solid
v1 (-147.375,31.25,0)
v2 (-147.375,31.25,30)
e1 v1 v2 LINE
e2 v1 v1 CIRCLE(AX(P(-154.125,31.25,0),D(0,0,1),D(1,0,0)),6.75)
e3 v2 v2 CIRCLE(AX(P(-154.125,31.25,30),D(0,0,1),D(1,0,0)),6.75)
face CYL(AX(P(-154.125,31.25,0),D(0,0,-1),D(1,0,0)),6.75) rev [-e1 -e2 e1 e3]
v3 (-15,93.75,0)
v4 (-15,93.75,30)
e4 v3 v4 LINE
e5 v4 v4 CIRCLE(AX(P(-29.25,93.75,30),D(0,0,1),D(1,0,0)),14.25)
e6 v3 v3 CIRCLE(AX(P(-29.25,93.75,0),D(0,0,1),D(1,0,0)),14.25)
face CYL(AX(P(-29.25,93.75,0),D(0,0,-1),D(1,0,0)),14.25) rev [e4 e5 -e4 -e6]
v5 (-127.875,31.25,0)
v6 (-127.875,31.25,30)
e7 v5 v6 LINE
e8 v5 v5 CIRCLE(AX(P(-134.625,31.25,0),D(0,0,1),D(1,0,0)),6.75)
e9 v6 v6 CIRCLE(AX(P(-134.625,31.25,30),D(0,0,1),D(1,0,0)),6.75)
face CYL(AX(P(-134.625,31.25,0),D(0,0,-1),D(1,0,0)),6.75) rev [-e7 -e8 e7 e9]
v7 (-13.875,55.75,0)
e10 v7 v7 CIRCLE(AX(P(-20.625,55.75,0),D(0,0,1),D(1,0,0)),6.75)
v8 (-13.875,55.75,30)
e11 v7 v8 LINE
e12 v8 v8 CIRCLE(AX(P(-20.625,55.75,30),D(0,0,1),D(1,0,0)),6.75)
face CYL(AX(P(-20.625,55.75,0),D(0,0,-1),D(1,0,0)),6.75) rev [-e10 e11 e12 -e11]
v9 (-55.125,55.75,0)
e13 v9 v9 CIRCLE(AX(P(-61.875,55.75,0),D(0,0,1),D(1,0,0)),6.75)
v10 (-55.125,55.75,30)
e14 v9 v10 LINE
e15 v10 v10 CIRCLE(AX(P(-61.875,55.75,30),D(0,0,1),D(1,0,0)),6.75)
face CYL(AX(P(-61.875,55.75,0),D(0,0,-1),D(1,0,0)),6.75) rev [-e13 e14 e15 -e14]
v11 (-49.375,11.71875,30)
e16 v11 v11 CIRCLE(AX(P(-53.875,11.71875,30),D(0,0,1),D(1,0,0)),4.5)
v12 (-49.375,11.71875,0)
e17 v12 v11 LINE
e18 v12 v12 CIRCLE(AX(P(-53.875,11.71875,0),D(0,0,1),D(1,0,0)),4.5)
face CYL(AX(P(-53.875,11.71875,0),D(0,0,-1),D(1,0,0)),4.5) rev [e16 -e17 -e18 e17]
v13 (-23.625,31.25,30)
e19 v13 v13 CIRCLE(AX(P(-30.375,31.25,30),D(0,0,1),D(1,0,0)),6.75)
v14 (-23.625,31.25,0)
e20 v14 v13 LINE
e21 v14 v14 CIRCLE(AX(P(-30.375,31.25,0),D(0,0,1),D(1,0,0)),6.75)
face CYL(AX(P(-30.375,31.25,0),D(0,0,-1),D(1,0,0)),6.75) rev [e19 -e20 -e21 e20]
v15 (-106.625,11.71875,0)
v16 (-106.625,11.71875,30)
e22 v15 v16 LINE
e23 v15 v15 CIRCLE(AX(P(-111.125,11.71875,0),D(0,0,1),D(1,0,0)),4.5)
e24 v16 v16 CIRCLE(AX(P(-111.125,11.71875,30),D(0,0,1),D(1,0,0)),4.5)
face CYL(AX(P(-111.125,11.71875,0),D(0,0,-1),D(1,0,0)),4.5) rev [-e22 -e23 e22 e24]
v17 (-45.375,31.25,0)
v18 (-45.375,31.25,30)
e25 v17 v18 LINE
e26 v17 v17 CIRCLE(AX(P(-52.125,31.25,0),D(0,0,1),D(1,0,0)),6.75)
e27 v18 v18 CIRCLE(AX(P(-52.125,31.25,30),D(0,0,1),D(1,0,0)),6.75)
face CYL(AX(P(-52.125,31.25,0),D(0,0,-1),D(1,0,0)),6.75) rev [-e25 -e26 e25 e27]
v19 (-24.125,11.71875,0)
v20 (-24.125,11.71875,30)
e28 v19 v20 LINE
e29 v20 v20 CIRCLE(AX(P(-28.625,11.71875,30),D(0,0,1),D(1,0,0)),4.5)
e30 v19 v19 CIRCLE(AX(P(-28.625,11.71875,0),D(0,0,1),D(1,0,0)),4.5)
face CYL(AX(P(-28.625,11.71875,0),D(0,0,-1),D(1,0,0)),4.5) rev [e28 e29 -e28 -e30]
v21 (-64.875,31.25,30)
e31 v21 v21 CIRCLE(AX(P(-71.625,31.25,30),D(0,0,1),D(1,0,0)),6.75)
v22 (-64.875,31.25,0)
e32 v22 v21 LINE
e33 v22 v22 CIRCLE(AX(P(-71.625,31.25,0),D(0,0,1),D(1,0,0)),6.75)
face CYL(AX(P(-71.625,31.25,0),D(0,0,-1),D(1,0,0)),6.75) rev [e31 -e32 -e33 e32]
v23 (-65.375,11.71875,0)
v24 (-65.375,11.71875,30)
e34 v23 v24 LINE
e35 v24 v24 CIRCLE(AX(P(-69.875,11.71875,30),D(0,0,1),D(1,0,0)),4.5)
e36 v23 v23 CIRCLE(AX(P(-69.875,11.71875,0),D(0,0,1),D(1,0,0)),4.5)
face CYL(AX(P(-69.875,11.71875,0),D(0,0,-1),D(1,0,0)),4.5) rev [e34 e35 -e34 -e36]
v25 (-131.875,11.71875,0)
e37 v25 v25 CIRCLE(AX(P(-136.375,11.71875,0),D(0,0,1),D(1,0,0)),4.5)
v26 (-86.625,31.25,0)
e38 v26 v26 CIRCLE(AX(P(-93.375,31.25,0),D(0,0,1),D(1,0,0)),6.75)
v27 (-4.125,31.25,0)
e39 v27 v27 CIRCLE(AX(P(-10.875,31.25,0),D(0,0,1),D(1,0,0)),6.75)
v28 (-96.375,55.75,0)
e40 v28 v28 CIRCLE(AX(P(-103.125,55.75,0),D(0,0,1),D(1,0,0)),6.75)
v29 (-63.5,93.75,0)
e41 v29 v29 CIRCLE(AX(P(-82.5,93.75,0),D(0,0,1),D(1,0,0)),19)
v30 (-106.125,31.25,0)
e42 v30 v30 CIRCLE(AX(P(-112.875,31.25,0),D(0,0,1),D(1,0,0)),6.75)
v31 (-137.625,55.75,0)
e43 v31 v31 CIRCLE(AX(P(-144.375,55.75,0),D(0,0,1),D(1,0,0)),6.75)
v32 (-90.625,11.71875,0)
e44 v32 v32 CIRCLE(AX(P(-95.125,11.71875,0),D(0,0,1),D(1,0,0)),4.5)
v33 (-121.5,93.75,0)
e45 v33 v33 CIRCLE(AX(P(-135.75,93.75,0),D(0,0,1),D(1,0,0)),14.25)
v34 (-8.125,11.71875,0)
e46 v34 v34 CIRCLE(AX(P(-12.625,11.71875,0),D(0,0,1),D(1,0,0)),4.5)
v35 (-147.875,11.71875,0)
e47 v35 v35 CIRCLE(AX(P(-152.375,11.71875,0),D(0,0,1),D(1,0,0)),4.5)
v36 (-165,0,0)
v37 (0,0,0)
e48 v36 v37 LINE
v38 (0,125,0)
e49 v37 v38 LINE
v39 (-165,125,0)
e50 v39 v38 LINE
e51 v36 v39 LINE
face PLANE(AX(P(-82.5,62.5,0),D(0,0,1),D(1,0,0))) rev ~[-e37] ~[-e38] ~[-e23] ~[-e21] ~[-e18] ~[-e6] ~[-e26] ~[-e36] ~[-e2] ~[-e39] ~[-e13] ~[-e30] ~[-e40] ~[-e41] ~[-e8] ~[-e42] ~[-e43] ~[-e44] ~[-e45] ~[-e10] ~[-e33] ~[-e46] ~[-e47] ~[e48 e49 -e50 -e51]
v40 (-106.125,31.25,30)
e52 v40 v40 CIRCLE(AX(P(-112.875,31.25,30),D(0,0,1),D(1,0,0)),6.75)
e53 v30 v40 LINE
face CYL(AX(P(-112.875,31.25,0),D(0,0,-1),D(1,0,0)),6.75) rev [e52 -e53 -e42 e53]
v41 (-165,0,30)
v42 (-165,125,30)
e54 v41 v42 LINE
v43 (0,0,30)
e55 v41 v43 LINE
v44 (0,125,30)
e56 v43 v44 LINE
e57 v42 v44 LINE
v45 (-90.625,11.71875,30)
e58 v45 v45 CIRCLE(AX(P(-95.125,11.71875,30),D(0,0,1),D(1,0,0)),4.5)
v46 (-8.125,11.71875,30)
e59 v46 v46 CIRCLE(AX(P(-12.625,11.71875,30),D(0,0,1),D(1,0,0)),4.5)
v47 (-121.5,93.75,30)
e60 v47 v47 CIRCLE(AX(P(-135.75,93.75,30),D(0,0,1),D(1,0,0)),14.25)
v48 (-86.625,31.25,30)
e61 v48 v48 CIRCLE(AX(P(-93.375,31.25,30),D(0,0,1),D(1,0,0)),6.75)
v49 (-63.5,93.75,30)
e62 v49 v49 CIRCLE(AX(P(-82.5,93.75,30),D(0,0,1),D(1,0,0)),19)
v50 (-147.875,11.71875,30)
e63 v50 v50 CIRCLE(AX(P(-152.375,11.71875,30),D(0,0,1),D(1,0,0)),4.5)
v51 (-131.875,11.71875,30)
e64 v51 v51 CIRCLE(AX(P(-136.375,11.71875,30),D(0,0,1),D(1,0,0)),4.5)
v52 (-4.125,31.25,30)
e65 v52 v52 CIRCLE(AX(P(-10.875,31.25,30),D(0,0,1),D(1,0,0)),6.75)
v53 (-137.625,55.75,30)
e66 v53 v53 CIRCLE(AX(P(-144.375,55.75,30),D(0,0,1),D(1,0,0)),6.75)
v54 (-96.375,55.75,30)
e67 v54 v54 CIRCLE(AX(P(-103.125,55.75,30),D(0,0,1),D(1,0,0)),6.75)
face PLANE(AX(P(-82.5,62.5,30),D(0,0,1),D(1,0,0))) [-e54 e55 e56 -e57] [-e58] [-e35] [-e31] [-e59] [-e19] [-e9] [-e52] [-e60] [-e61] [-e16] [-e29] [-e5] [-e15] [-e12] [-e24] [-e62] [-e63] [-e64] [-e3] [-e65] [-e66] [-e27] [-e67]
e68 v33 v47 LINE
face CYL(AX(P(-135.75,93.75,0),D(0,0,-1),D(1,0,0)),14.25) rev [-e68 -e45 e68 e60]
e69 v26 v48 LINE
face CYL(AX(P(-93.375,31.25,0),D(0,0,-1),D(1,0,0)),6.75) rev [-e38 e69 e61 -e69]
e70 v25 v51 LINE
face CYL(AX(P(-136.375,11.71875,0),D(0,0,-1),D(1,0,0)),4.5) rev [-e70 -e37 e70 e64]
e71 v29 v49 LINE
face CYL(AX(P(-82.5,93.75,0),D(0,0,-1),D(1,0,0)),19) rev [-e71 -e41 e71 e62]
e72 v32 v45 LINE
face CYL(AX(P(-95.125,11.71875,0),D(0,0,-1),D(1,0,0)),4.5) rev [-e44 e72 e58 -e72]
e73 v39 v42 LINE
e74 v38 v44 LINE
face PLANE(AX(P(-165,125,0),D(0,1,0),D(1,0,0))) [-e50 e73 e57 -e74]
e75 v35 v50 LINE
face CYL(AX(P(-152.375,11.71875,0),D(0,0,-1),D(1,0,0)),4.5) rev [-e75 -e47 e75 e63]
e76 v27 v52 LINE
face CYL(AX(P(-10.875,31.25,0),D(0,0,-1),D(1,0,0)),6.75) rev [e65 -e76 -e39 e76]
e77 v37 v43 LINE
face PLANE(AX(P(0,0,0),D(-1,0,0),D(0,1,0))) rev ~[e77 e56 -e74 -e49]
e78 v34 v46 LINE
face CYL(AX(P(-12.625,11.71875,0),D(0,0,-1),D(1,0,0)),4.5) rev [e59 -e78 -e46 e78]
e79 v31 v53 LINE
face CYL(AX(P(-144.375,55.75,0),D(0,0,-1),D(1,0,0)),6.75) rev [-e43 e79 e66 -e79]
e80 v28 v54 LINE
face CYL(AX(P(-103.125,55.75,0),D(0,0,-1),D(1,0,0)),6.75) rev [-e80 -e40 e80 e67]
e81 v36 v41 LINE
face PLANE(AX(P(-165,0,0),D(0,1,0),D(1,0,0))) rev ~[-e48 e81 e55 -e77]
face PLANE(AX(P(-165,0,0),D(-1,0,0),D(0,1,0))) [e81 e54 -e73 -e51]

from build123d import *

# Parameters (mm, degrees)
F0_W     = 165
F0_H     = 125
F0_R     = 4.5
F0_R_2   = 6.75
F0_R_3   = 14.25
F0_R_4   = 19
F1_DEPTH = 30


with BuildPart() as f1:
    # F0 (on Top) → F1 (new body)
    with BuildSketch(Plane.XY):
        with Locations((-82.5, 62.5)):
            Rectangle(F0_W, F0_H)
        with Locations((-152.375, 11.71875)):
            Circle(F0_R, mode=Mode.SUBTRACT)
        with Locations((-136.375, 11.71875)):
            Circle(F0_R, mode=Mode.SUBTRACT)
        with Locations((-111.125, 11.71875)):
            Circle(F0_R, mode=Mode.SUBTRACT)
        with Locations((-95.125, 11.71875)):
            Circle(F0_R, mode=Mode.SUBTRACT)
        with Locations((-154.125, 31.25)):
            Circle(F0_R_2, mode=Mode.SUBTRACT)
        with Locations((-134.625, 31.25)):
            Circle(F0_R_2, mode=Mode.SUBTRACT)
        with Locations((-144.375, 55.75)):
            Circle(F0_R_2, mode=Mode.SUBTRACT)
        with Locations((-112.875, 31.25)):
            Circle(F0_R_2, mode=Mode.SUBTRACT)
        with Locations((-93.375, 31.25)):
            Circle(F0_R_2, mode=Mode.SUBTRACT)
        with Locations((-103.125, 55.75)):
            Circle(F0_R_2, mode=Mode.SUBTRACT)
        with Locations((-69.875, 11.71875)):
            Circle(F0_R, mode=Mode.SUBTRACT)
        with Locations((-53.875, 11.71875)):
            Circle(F0_R, mode=Mode.SUBTRACT)
        with Locations((-28.625, 11.71875)):
            Circle(F0_R, mode=Mode.SUBTRACT)
        with Locations((-12.625, 11.71875)):
            Circle(F0_R, mode=Mode.SUBTRACT)
        with Locations((-71.625, 31.25)):
            Circle(F0_R_2, mode=Mode.SUBTRACT)
        with Locations((-52.125, 31.25)):
            Circle(F0_R_2, mode=Mode.SUBTRACT)
        with Locations((-61.875, 55.75)):
            Circle(F0_R_2, mode=Mode.SUBTRACT)
        with Locations((-30.375, 31.25)):
            Circle(F0_R_2, mode=Mode.SUBTRACT)
        with Locations((-10.875, 31.25)):
            Circle(F0_R_2, mode=Mode.SUBTRACT)
        with Locations((-20.625, 55.75)):
            Circle(F0_R_2, mode=Mode.SUBTRACT)
        with Locations((-135.75, 93.75)):
            Circle(F0_R_3, mode=Mode.SUBTRACT)
        with Locations((-82.5, 93.75)):
            Circle(F0_R_4, mode=Mode.SUBTRACT)
        with Locations((-29.25, 93.75)):
            Circle(F0_R_3, mode=Mode.SUBTRACT)
    extrude(amount=F1_DEPTH)


solid = f1.part
